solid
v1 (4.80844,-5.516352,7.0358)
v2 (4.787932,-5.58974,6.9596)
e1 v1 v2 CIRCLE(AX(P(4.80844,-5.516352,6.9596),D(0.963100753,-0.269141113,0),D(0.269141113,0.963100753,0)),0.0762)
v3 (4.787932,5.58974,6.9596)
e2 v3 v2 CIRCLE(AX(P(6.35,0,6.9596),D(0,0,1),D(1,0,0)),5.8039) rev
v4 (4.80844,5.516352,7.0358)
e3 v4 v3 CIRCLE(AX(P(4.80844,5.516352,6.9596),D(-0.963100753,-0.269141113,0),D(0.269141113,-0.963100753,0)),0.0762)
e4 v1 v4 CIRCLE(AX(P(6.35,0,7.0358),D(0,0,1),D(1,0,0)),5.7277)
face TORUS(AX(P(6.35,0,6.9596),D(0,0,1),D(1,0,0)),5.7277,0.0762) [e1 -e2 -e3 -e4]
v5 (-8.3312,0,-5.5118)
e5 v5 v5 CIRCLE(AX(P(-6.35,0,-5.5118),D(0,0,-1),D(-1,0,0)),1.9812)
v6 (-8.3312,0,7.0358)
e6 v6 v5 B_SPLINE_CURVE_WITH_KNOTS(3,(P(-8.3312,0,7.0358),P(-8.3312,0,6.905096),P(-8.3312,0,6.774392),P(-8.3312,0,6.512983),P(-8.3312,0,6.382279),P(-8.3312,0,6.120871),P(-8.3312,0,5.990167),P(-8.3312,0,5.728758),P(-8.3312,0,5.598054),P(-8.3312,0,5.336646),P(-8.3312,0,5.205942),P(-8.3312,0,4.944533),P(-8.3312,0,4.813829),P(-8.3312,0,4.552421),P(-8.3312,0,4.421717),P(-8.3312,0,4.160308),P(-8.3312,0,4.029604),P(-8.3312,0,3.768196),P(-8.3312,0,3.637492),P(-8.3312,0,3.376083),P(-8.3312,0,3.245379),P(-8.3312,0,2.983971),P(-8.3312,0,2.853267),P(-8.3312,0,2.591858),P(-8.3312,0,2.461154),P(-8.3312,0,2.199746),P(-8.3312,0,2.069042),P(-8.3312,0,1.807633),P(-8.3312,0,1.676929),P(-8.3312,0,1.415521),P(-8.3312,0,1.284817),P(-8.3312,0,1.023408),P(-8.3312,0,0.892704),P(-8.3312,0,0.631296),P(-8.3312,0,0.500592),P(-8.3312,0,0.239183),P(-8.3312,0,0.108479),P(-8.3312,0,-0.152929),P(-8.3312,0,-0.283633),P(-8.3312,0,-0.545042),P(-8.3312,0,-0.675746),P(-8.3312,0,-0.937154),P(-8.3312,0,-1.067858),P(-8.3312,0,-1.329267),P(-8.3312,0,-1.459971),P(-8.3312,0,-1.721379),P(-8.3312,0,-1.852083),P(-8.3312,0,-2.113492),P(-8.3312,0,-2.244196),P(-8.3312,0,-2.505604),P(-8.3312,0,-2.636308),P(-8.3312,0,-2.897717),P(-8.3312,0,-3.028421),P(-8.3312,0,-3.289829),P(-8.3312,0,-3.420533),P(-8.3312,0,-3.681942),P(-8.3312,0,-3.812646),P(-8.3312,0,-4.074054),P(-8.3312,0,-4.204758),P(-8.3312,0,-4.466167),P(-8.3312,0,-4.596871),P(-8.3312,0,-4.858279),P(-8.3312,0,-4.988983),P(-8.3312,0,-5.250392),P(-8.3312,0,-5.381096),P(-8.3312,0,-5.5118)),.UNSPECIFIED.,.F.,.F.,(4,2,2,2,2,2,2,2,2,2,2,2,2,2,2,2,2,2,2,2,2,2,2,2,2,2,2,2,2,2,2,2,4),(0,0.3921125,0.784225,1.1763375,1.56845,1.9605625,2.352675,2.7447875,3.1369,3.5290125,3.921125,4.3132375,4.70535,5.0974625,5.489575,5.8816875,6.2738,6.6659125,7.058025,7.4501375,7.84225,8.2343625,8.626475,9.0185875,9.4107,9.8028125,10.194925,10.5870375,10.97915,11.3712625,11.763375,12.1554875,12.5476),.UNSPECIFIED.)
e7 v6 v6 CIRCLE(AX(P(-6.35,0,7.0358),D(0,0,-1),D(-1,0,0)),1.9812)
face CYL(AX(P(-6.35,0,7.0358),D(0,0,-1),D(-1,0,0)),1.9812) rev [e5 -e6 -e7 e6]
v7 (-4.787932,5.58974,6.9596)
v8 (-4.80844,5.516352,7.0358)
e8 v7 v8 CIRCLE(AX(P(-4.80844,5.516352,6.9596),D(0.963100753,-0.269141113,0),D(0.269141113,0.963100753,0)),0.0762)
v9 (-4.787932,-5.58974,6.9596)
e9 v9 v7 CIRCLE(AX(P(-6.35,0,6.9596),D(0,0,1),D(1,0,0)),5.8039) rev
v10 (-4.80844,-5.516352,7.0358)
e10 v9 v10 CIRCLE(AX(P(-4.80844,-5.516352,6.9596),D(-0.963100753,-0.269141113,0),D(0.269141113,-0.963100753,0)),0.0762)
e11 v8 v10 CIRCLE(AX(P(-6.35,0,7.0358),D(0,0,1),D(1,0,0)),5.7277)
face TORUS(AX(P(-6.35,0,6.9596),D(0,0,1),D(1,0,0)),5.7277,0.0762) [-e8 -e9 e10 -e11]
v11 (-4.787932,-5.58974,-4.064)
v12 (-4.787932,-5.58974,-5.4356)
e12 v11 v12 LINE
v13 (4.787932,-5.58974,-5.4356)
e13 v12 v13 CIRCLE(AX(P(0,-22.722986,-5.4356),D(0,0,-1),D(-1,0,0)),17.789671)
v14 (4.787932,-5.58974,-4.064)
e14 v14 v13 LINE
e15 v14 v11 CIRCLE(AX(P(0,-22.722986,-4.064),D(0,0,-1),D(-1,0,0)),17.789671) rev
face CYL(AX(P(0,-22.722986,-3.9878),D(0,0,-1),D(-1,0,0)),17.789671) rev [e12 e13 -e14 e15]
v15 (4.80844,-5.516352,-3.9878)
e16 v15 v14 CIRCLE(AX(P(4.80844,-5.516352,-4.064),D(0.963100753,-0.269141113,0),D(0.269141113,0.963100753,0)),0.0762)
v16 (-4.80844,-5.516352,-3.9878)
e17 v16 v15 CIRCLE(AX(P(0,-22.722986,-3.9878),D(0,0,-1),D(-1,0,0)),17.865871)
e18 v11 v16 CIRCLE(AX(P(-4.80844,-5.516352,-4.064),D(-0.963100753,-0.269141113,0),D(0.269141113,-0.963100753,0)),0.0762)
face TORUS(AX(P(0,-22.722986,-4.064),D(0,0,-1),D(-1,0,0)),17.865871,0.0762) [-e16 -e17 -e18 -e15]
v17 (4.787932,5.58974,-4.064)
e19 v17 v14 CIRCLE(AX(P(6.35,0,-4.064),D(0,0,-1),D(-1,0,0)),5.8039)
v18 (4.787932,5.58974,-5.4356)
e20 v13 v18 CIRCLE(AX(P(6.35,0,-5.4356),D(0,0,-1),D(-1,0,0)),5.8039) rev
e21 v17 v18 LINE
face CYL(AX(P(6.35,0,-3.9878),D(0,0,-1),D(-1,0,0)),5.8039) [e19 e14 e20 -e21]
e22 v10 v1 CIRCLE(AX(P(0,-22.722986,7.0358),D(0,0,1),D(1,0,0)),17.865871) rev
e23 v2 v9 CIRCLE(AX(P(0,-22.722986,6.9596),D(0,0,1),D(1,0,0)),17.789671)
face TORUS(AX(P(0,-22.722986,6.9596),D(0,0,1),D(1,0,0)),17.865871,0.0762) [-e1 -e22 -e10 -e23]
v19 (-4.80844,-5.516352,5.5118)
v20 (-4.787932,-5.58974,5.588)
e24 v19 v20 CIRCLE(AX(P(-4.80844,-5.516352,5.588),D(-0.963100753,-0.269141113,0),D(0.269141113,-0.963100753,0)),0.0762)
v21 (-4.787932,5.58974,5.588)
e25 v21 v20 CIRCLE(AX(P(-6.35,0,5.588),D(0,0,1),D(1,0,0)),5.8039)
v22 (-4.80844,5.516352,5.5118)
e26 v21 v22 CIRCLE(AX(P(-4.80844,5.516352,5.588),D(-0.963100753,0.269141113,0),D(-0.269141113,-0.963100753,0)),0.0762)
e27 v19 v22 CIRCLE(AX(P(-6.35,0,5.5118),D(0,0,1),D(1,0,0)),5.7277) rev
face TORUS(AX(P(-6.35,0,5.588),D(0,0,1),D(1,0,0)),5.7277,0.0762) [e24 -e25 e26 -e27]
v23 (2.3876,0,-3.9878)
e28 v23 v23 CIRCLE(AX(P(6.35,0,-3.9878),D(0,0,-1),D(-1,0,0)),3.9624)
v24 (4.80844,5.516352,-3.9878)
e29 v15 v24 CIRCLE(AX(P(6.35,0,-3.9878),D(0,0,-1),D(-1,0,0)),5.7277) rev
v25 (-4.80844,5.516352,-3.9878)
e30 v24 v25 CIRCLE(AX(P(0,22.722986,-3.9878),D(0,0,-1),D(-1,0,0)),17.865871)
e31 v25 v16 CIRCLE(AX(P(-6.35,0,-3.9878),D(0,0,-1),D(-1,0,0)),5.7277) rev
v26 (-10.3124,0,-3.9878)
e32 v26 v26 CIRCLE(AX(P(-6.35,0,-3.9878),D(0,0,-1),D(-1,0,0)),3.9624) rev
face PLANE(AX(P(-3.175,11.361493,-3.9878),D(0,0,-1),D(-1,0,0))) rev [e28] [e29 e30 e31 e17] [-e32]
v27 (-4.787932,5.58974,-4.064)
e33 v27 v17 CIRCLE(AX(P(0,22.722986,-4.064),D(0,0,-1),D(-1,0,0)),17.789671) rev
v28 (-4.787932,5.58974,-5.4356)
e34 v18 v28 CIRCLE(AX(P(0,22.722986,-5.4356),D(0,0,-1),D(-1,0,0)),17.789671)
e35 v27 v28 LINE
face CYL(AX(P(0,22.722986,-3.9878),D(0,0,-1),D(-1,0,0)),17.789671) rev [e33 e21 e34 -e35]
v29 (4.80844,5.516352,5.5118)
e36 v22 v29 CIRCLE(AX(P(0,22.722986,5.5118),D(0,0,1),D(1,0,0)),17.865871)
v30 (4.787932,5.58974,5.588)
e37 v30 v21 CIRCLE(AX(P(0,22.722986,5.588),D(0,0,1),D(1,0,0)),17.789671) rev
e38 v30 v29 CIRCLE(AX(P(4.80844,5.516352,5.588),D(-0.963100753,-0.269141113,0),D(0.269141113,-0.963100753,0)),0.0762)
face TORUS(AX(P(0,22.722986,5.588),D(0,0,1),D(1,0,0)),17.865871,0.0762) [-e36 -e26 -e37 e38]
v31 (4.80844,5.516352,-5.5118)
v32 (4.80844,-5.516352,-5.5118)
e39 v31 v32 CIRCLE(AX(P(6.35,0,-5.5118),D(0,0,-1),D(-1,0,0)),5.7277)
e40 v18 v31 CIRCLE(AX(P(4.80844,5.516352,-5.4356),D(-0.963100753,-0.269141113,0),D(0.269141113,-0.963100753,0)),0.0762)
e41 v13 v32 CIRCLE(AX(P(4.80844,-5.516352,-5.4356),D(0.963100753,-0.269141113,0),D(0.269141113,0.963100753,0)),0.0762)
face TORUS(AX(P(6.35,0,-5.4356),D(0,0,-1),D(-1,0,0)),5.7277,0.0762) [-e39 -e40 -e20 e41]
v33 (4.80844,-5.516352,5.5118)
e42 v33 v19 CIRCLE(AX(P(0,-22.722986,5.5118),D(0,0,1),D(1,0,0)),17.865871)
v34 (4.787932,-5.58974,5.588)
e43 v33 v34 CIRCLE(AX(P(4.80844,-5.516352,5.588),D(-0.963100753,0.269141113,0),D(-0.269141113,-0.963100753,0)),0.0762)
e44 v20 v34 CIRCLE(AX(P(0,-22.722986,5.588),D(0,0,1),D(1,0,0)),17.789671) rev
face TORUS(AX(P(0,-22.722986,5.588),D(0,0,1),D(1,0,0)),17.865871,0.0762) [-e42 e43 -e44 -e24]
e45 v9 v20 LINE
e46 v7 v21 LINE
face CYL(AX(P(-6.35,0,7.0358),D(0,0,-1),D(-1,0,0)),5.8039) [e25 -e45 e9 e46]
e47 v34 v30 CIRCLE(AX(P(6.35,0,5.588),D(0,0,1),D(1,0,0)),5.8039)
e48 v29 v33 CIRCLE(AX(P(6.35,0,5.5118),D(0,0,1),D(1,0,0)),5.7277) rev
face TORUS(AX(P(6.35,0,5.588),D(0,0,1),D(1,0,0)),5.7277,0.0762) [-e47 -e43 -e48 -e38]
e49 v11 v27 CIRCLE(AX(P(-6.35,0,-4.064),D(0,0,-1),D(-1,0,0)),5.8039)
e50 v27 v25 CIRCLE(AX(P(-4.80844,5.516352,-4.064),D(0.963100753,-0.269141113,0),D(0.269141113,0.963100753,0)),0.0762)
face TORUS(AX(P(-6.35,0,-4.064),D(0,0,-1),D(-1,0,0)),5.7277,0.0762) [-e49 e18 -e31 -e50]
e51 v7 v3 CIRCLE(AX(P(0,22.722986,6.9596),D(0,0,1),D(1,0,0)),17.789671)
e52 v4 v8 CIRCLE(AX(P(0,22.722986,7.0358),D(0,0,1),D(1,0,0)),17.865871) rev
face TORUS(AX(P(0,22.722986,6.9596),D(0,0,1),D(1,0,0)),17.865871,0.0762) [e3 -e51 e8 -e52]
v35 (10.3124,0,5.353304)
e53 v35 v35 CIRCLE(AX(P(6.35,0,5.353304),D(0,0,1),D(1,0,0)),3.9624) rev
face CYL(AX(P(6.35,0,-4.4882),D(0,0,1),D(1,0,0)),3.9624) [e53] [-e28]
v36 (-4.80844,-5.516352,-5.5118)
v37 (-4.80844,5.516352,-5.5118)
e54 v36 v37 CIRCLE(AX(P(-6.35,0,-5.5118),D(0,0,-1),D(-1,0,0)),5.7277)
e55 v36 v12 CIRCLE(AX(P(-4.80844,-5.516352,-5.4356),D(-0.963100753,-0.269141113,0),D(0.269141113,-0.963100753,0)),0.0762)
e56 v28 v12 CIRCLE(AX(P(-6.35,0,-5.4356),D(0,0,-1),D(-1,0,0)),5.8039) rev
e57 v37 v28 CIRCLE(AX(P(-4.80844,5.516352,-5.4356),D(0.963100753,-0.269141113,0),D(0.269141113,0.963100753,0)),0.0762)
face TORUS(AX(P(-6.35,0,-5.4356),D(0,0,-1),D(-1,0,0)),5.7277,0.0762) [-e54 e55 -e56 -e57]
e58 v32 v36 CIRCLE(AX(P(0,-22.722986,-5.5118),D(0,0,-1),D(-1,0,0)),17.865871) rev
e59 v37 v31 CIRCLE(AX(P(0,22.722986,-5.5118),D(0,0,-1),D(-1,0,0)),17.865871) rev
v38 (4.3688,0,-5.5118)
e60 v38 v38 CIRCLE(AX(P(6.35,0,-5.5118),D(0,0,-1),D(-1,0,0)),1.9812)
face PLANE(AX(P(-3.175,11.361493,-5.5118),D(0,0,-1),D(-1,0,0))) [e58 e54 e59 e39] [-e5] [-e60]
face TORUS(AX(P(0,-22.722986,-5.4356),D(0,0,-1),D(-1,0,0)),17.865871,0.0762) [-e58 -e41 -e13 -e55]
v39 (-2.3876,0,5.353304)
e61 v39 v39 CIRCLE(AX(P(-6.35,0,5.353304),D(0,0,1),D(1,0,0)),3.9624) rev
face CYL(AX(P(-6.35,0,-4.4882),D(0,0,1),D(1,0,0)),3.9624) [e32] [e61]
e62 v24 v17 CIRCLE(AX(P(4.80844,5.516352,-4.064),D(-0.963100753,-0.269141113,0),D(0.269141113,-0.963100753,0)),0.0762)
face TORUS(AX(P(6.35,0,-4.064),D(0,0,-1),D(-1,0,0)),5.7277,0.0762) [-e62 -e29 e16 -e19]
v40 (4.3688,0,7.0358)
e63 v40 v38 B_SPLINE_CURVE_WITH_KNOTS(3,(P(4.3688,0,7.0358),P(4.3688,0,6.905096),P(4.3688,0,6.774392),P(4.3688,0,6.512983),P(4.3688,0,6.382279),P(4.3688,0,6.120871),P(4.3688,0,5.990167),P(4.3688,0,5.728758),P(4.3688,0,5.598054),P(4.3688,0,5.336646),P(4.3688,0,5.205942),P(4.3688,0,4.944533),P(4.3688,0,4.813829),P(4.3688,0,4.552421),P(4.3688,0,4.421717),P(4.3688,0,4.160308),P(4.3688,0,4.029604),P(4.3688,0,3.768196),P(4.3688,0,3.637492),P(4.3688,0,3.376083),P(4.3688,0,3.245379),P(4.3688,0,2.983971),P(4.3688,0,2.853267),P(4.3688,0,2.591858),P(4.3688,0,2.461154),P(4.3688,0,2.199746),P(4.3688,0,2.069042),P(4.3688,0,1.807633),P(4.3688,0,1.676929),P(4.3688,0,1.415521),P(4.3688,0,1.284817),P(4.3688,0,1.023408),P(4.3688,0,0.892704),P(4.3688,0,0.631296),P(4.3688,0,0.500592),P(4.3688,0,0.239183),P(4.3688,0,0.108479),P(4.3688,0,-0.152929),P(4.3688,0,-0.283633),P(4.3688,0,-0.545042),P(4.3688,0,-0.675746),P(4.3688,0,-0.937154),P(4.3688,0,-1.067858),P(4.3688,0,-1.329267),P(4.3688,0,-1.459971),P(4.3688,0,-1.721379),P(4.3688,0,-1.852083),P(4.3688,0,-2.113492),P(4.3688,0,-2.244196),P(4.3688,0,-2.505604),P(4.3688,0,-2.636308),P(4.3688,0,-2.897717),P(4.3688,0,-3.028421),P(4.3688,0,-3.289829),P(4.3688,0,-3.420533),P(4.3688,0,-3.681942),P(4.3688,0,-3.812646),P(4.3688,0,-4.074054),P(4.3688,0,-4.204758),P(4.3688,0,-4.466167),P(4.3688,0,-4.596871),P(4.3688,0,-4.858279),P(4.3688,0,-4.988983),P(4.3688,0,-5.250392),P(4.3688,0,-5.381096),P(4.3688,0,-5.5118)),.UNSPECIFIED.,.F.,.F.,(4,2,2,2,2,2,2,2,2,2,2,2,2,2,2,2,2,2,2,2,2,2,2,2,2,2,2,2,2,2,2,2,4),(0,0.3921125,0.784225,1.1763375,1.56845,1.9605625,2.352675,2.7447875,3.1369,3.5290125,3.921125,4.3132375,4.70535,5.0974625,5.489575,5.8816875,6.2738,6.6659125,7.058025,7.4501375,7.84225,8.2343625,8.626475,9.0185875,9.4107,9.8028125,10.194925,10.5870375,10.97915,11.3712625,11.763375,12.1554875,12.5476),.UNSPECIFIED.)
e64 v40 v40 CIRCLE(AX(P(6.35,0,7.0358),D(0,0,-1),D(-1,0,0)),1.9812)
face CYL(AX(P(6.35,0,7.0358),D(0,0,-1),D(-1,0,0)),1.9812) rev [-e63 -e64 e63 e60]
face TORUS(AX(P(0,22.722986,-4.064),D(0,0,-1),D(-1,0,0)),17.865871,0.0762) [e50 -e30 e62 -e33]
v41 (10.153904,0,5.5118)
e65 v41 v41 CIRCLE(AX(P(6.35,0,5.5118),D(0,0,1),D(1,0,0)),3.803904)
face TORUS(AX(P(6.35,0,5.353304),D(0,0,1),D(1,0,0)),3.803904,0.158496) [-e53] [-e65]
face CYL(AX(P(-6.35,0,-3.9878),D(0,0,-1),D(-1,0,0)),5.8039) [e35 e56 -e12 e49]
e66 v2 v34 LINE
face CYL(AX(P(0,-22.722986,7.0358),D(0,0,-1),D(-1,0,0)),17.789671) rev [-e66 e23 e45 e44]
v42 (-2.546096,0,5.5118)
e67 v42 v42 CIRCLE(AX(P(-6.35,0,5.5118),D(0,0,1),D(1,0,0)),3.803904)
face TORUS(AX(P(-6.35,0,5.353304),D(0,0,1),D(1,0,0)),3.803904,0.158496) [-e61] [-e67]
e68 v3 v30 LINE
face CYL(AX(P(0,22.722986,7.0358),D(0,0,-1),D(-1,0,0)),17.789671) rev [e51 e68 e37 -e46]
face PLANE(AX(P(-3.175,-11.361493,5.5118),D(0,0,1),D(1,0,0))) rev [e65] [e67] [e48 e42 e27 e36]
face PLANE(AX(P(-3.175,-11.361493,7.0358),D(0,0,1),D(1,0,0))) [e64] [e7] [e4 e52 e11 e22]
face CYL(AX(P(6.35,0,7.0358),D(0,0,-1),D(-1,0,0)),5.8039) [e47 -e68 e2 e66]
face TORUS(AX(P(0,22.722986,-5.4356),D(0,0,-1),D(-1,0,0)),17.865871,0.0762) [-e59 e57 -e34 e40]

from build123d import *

# Parameters (mm, degrees)
BOSS_EXTRUDE1_START     = 5.5118
SKETCH2_R               = 3.9624
SKETCH2_R_2             = 1.9812
BOSS_EXTRUDE1_DEPTH     = 10
BOSS_EXTRUDE1_2_DEPTH   = 10
FILLET1_R               = 0.158496
FILLET2_R               = 0.158496
BOSS_EXTRUDE2_START     = 7.0358
SKETCH3_R               = 1.9812
BOSS_EXTRUDE2_DEPTH     = 1.524
BOSS_EXTRUDE3_START     = -3.9878
SKETCH3_3_R             = 1.9812
BOSS_EXTRUDE3_DEPTH     = 1.524
CUT_EXTRUDE1_DEPTH      = 16.195559288
CUT_EXTRUDE1_DEPTH_BACK = 16.195559288
SKETCH4_R               = 2.57556
SKETCH4_R_2             = 1.9812
FILLET3_R               = 0.0762
BOSS_EXTRUDE4_START     = -5.5118
SKETCH4_2_R             = 2.57556
SKETCH4_2_R_2           = 1.9812
BOSS_EXTRUDE4_DEPTH     = 12.5476


with BuildPart() as part:
    # Sketch2 → Boss-Extrude1 (new body)
    with BuildSketch(Plane.XY.offset(BOSS_EXTRUDE1_START)):
        with Locations((-6.35, 0)):
            Circle(SKETCH2_R)
        with Locations((-6.35, 0)):
            Circle(SKETCH2_R_2, mode=Mode.SUBTRACT)
    extrude(amount=-BOSS_EXTRUDE1_DEPTH)

    # Fillet1
    fillet1_edges = [part.edges().sort_by_distance(p)[0] for p in [
        (-10.3124, 0, -4.4882),
        (-10.3124, 0, 5.5118),
    ]]
    fillet(fillet1_edges, radius=FILLET1_R)



with BuildPart() as body_2:
    # Sketch2 → Boss-Extrude1 2 (new body)
    with BuildSketch(Plane.XY.offset(BOSS_EXTRUDE1_START)):
        with Locations((6.35, 0)):
            Circle(SKETCH2_R)
        with Locations((6.35, 0)):
            Circle(SKETCH2_R_2, mode=Mode.SUBTRACT)
    extrude(amount=-BOSS_EXTRUDE1_2_DEPTH)

    # Fillet2
    fillet2_edges = [body_2.edges().sort_by_distance(p)[0] for p in [
        (2.3876, 0, 5.5118),
        (2.3876, 0, -4.4882),
    ]]
    fillet(fillet2_edges, radius=FILLET2_R)


with BuildPart() as part_1:
    add(part.part)

    add(body_2.part)  # Boss-Extrude2 merges body 2
    # Sketch3 → Boss-Extrude2 (add)
    with BuildSketch(Plane.XY.offset(BOSS_EXTRUDE2_START)):
        with BuildLine():
            ThreePointArc((-4.787931893, 5.589740462), (-12.1539, 0), (-4.787931893, -5.589740462))
            ThreePointArc((-4.787931893, -5.589740462), (0, -4.933315), (4.787931893, -5.589740462))
            ThreePointArc((4.787931893, -5.589740462), (12.1539, 0), (4.787931893, 5.589740462))
            ThreePointArc((4.787931893, 5.589740462), (0, 4.933315), (-4.787931893, 5.589740462))
        make_face()
        with Locations(Location((6.35, 0, 0), (0, 0, 180))):
            Circle(SKETCH3_R, mode=Mode.SUBTRACT)
        with Locations((-6.35, 0)):
            Circle(SKETCH3_R, mode=Mode.SUBTRACT)
    extrude(amount=-BOSS_EXTRUDE2_DEPTH)

    # Sketch3<3> → Boss-Extrude3 (add)
    with BuildSketch(Plane.XY.offset(BOSS_EXTRUDE3_START)):
        with BuildLine():
            ThreePointArc((-4.787931893, 5.589740462), (-12.1539, 0), (-4.787931893, -5.589740462))
            ThreePointArc((-4.787931893, -5.589740462), (0, -4.933315), (4.787931893, -5.589740462))
            ThreePointArc((4.787931893, -5.589740462), (12.1539, 0), (4.787931893, 5.589740462))
            ThreePointArc((4.787931893, 5.589740462), (0, 4.933315), (-4.787931893, 5.589740462))
        make_face()
        with Locations(Location((6.35, 0, 0), (0, 0, 180))):
            Circle(SKETCH3_3_R, mode=Mode.SUBTRACT)
        with Locations((-6.35, 0)):
            Circle(SKETCH3_3_R, mode=Mode.SUBTRACT)
    extrude(amount=-BOSS_EXTRUDE3_DEPTH)

    # Sketch4 → Cut-Extrude1 (cut, two sides: drawn at the far end of the back side and taken through both)
    # profile 1 of 2: a face of its own
    with BuildSketch(Plane.XY.offset(-CUT_EXTRUDE1_DEPTH_BACK)):
        with Locations((-6.35, 0)):
            Circle(SKETCH4_R)
        with Locations((-6.35, 0)):
            Circle(SKETCH4_R_2, mode=Mode.SUBTRACT)
    # profile 2 of 2: a face of its own
    with BuildSketch(Plane.XY.offset(-CUT_EXTRUDE1_DEPTH_BACK)):
        with Locations((6.35, 0)):
            Circle(SKETCH4_R)
        with Locations((6.35, 0)):
            Circle(SKETCH4_R_2, mode=Mode.SUBTRACT)
    extrude(amount=CUT_EXTRUDE1_DEPTH + CUT_EXTRUDE1_DEPTH_BACK, mode=Mode.SUBTRACT)

    # Fillet3
    fillet3_edges = [part_1.edges().sort_by_distance(p)[0] for p in [
        (12.1539, 0, 7.0358),
        (-12.1539, 0, 7.0358),
        (0, -4.933315, 5.5118),
        (0, 4.933315, 5.5118),
        (0, -4.933315, 7.0358),
        (12.1539, 0, 5.5118),
        (0, 4.933315, 7.0358),
        (-12.1539, 0, 5.5118),
        (0, 4.933315, -3.9878),
        (-12.1539, 0, -3.9878),
        (0, -4.933315, -3.9878),
        (12.1539, 0, -3.9878),
        (0, 4.933315, -5.5118),
        (-12.1539, 0, -5.5118),
        (0, -4.933315, -5.5118),
        (12.1539, 0, -5.5118),
    ]]
    fillet(fillet3_edges, radius=FILLET3_R)

    # Sketch4<2> → Boss-Extrude4 (add, through all)
    # profile 1 of 2: a face of its own
    with BuildSketch(Plane.XY.offset(BOSS_EXTRUDE4_START)):
        with Locations((-6.35, 0)):
            Circle(SKETCH4_2_R)
        with Locations(Location((-6.35, 0, 0), (0, 0, 180))):
            Circle(SKETCH4_2_R_2, mode=Mode.SUBTRACT)
    # profile 2 of 2: a face of its own
    with BuildSketch(Plane.XY.offset(BOSS_EXTRUDE4_START)):
        with Locations((6.35, 0)):
            Circle(SKETCH4_2_R)
        with Locations(Location((6.35, 0, 0), (0, 0, 180))):
            Circle(SKETCH4_2_R_2, mode=Mode.SUBTRACT)
    extrude(amount=BOSS_EXTRUDE4_DEPTH)


solid = part_1.part
